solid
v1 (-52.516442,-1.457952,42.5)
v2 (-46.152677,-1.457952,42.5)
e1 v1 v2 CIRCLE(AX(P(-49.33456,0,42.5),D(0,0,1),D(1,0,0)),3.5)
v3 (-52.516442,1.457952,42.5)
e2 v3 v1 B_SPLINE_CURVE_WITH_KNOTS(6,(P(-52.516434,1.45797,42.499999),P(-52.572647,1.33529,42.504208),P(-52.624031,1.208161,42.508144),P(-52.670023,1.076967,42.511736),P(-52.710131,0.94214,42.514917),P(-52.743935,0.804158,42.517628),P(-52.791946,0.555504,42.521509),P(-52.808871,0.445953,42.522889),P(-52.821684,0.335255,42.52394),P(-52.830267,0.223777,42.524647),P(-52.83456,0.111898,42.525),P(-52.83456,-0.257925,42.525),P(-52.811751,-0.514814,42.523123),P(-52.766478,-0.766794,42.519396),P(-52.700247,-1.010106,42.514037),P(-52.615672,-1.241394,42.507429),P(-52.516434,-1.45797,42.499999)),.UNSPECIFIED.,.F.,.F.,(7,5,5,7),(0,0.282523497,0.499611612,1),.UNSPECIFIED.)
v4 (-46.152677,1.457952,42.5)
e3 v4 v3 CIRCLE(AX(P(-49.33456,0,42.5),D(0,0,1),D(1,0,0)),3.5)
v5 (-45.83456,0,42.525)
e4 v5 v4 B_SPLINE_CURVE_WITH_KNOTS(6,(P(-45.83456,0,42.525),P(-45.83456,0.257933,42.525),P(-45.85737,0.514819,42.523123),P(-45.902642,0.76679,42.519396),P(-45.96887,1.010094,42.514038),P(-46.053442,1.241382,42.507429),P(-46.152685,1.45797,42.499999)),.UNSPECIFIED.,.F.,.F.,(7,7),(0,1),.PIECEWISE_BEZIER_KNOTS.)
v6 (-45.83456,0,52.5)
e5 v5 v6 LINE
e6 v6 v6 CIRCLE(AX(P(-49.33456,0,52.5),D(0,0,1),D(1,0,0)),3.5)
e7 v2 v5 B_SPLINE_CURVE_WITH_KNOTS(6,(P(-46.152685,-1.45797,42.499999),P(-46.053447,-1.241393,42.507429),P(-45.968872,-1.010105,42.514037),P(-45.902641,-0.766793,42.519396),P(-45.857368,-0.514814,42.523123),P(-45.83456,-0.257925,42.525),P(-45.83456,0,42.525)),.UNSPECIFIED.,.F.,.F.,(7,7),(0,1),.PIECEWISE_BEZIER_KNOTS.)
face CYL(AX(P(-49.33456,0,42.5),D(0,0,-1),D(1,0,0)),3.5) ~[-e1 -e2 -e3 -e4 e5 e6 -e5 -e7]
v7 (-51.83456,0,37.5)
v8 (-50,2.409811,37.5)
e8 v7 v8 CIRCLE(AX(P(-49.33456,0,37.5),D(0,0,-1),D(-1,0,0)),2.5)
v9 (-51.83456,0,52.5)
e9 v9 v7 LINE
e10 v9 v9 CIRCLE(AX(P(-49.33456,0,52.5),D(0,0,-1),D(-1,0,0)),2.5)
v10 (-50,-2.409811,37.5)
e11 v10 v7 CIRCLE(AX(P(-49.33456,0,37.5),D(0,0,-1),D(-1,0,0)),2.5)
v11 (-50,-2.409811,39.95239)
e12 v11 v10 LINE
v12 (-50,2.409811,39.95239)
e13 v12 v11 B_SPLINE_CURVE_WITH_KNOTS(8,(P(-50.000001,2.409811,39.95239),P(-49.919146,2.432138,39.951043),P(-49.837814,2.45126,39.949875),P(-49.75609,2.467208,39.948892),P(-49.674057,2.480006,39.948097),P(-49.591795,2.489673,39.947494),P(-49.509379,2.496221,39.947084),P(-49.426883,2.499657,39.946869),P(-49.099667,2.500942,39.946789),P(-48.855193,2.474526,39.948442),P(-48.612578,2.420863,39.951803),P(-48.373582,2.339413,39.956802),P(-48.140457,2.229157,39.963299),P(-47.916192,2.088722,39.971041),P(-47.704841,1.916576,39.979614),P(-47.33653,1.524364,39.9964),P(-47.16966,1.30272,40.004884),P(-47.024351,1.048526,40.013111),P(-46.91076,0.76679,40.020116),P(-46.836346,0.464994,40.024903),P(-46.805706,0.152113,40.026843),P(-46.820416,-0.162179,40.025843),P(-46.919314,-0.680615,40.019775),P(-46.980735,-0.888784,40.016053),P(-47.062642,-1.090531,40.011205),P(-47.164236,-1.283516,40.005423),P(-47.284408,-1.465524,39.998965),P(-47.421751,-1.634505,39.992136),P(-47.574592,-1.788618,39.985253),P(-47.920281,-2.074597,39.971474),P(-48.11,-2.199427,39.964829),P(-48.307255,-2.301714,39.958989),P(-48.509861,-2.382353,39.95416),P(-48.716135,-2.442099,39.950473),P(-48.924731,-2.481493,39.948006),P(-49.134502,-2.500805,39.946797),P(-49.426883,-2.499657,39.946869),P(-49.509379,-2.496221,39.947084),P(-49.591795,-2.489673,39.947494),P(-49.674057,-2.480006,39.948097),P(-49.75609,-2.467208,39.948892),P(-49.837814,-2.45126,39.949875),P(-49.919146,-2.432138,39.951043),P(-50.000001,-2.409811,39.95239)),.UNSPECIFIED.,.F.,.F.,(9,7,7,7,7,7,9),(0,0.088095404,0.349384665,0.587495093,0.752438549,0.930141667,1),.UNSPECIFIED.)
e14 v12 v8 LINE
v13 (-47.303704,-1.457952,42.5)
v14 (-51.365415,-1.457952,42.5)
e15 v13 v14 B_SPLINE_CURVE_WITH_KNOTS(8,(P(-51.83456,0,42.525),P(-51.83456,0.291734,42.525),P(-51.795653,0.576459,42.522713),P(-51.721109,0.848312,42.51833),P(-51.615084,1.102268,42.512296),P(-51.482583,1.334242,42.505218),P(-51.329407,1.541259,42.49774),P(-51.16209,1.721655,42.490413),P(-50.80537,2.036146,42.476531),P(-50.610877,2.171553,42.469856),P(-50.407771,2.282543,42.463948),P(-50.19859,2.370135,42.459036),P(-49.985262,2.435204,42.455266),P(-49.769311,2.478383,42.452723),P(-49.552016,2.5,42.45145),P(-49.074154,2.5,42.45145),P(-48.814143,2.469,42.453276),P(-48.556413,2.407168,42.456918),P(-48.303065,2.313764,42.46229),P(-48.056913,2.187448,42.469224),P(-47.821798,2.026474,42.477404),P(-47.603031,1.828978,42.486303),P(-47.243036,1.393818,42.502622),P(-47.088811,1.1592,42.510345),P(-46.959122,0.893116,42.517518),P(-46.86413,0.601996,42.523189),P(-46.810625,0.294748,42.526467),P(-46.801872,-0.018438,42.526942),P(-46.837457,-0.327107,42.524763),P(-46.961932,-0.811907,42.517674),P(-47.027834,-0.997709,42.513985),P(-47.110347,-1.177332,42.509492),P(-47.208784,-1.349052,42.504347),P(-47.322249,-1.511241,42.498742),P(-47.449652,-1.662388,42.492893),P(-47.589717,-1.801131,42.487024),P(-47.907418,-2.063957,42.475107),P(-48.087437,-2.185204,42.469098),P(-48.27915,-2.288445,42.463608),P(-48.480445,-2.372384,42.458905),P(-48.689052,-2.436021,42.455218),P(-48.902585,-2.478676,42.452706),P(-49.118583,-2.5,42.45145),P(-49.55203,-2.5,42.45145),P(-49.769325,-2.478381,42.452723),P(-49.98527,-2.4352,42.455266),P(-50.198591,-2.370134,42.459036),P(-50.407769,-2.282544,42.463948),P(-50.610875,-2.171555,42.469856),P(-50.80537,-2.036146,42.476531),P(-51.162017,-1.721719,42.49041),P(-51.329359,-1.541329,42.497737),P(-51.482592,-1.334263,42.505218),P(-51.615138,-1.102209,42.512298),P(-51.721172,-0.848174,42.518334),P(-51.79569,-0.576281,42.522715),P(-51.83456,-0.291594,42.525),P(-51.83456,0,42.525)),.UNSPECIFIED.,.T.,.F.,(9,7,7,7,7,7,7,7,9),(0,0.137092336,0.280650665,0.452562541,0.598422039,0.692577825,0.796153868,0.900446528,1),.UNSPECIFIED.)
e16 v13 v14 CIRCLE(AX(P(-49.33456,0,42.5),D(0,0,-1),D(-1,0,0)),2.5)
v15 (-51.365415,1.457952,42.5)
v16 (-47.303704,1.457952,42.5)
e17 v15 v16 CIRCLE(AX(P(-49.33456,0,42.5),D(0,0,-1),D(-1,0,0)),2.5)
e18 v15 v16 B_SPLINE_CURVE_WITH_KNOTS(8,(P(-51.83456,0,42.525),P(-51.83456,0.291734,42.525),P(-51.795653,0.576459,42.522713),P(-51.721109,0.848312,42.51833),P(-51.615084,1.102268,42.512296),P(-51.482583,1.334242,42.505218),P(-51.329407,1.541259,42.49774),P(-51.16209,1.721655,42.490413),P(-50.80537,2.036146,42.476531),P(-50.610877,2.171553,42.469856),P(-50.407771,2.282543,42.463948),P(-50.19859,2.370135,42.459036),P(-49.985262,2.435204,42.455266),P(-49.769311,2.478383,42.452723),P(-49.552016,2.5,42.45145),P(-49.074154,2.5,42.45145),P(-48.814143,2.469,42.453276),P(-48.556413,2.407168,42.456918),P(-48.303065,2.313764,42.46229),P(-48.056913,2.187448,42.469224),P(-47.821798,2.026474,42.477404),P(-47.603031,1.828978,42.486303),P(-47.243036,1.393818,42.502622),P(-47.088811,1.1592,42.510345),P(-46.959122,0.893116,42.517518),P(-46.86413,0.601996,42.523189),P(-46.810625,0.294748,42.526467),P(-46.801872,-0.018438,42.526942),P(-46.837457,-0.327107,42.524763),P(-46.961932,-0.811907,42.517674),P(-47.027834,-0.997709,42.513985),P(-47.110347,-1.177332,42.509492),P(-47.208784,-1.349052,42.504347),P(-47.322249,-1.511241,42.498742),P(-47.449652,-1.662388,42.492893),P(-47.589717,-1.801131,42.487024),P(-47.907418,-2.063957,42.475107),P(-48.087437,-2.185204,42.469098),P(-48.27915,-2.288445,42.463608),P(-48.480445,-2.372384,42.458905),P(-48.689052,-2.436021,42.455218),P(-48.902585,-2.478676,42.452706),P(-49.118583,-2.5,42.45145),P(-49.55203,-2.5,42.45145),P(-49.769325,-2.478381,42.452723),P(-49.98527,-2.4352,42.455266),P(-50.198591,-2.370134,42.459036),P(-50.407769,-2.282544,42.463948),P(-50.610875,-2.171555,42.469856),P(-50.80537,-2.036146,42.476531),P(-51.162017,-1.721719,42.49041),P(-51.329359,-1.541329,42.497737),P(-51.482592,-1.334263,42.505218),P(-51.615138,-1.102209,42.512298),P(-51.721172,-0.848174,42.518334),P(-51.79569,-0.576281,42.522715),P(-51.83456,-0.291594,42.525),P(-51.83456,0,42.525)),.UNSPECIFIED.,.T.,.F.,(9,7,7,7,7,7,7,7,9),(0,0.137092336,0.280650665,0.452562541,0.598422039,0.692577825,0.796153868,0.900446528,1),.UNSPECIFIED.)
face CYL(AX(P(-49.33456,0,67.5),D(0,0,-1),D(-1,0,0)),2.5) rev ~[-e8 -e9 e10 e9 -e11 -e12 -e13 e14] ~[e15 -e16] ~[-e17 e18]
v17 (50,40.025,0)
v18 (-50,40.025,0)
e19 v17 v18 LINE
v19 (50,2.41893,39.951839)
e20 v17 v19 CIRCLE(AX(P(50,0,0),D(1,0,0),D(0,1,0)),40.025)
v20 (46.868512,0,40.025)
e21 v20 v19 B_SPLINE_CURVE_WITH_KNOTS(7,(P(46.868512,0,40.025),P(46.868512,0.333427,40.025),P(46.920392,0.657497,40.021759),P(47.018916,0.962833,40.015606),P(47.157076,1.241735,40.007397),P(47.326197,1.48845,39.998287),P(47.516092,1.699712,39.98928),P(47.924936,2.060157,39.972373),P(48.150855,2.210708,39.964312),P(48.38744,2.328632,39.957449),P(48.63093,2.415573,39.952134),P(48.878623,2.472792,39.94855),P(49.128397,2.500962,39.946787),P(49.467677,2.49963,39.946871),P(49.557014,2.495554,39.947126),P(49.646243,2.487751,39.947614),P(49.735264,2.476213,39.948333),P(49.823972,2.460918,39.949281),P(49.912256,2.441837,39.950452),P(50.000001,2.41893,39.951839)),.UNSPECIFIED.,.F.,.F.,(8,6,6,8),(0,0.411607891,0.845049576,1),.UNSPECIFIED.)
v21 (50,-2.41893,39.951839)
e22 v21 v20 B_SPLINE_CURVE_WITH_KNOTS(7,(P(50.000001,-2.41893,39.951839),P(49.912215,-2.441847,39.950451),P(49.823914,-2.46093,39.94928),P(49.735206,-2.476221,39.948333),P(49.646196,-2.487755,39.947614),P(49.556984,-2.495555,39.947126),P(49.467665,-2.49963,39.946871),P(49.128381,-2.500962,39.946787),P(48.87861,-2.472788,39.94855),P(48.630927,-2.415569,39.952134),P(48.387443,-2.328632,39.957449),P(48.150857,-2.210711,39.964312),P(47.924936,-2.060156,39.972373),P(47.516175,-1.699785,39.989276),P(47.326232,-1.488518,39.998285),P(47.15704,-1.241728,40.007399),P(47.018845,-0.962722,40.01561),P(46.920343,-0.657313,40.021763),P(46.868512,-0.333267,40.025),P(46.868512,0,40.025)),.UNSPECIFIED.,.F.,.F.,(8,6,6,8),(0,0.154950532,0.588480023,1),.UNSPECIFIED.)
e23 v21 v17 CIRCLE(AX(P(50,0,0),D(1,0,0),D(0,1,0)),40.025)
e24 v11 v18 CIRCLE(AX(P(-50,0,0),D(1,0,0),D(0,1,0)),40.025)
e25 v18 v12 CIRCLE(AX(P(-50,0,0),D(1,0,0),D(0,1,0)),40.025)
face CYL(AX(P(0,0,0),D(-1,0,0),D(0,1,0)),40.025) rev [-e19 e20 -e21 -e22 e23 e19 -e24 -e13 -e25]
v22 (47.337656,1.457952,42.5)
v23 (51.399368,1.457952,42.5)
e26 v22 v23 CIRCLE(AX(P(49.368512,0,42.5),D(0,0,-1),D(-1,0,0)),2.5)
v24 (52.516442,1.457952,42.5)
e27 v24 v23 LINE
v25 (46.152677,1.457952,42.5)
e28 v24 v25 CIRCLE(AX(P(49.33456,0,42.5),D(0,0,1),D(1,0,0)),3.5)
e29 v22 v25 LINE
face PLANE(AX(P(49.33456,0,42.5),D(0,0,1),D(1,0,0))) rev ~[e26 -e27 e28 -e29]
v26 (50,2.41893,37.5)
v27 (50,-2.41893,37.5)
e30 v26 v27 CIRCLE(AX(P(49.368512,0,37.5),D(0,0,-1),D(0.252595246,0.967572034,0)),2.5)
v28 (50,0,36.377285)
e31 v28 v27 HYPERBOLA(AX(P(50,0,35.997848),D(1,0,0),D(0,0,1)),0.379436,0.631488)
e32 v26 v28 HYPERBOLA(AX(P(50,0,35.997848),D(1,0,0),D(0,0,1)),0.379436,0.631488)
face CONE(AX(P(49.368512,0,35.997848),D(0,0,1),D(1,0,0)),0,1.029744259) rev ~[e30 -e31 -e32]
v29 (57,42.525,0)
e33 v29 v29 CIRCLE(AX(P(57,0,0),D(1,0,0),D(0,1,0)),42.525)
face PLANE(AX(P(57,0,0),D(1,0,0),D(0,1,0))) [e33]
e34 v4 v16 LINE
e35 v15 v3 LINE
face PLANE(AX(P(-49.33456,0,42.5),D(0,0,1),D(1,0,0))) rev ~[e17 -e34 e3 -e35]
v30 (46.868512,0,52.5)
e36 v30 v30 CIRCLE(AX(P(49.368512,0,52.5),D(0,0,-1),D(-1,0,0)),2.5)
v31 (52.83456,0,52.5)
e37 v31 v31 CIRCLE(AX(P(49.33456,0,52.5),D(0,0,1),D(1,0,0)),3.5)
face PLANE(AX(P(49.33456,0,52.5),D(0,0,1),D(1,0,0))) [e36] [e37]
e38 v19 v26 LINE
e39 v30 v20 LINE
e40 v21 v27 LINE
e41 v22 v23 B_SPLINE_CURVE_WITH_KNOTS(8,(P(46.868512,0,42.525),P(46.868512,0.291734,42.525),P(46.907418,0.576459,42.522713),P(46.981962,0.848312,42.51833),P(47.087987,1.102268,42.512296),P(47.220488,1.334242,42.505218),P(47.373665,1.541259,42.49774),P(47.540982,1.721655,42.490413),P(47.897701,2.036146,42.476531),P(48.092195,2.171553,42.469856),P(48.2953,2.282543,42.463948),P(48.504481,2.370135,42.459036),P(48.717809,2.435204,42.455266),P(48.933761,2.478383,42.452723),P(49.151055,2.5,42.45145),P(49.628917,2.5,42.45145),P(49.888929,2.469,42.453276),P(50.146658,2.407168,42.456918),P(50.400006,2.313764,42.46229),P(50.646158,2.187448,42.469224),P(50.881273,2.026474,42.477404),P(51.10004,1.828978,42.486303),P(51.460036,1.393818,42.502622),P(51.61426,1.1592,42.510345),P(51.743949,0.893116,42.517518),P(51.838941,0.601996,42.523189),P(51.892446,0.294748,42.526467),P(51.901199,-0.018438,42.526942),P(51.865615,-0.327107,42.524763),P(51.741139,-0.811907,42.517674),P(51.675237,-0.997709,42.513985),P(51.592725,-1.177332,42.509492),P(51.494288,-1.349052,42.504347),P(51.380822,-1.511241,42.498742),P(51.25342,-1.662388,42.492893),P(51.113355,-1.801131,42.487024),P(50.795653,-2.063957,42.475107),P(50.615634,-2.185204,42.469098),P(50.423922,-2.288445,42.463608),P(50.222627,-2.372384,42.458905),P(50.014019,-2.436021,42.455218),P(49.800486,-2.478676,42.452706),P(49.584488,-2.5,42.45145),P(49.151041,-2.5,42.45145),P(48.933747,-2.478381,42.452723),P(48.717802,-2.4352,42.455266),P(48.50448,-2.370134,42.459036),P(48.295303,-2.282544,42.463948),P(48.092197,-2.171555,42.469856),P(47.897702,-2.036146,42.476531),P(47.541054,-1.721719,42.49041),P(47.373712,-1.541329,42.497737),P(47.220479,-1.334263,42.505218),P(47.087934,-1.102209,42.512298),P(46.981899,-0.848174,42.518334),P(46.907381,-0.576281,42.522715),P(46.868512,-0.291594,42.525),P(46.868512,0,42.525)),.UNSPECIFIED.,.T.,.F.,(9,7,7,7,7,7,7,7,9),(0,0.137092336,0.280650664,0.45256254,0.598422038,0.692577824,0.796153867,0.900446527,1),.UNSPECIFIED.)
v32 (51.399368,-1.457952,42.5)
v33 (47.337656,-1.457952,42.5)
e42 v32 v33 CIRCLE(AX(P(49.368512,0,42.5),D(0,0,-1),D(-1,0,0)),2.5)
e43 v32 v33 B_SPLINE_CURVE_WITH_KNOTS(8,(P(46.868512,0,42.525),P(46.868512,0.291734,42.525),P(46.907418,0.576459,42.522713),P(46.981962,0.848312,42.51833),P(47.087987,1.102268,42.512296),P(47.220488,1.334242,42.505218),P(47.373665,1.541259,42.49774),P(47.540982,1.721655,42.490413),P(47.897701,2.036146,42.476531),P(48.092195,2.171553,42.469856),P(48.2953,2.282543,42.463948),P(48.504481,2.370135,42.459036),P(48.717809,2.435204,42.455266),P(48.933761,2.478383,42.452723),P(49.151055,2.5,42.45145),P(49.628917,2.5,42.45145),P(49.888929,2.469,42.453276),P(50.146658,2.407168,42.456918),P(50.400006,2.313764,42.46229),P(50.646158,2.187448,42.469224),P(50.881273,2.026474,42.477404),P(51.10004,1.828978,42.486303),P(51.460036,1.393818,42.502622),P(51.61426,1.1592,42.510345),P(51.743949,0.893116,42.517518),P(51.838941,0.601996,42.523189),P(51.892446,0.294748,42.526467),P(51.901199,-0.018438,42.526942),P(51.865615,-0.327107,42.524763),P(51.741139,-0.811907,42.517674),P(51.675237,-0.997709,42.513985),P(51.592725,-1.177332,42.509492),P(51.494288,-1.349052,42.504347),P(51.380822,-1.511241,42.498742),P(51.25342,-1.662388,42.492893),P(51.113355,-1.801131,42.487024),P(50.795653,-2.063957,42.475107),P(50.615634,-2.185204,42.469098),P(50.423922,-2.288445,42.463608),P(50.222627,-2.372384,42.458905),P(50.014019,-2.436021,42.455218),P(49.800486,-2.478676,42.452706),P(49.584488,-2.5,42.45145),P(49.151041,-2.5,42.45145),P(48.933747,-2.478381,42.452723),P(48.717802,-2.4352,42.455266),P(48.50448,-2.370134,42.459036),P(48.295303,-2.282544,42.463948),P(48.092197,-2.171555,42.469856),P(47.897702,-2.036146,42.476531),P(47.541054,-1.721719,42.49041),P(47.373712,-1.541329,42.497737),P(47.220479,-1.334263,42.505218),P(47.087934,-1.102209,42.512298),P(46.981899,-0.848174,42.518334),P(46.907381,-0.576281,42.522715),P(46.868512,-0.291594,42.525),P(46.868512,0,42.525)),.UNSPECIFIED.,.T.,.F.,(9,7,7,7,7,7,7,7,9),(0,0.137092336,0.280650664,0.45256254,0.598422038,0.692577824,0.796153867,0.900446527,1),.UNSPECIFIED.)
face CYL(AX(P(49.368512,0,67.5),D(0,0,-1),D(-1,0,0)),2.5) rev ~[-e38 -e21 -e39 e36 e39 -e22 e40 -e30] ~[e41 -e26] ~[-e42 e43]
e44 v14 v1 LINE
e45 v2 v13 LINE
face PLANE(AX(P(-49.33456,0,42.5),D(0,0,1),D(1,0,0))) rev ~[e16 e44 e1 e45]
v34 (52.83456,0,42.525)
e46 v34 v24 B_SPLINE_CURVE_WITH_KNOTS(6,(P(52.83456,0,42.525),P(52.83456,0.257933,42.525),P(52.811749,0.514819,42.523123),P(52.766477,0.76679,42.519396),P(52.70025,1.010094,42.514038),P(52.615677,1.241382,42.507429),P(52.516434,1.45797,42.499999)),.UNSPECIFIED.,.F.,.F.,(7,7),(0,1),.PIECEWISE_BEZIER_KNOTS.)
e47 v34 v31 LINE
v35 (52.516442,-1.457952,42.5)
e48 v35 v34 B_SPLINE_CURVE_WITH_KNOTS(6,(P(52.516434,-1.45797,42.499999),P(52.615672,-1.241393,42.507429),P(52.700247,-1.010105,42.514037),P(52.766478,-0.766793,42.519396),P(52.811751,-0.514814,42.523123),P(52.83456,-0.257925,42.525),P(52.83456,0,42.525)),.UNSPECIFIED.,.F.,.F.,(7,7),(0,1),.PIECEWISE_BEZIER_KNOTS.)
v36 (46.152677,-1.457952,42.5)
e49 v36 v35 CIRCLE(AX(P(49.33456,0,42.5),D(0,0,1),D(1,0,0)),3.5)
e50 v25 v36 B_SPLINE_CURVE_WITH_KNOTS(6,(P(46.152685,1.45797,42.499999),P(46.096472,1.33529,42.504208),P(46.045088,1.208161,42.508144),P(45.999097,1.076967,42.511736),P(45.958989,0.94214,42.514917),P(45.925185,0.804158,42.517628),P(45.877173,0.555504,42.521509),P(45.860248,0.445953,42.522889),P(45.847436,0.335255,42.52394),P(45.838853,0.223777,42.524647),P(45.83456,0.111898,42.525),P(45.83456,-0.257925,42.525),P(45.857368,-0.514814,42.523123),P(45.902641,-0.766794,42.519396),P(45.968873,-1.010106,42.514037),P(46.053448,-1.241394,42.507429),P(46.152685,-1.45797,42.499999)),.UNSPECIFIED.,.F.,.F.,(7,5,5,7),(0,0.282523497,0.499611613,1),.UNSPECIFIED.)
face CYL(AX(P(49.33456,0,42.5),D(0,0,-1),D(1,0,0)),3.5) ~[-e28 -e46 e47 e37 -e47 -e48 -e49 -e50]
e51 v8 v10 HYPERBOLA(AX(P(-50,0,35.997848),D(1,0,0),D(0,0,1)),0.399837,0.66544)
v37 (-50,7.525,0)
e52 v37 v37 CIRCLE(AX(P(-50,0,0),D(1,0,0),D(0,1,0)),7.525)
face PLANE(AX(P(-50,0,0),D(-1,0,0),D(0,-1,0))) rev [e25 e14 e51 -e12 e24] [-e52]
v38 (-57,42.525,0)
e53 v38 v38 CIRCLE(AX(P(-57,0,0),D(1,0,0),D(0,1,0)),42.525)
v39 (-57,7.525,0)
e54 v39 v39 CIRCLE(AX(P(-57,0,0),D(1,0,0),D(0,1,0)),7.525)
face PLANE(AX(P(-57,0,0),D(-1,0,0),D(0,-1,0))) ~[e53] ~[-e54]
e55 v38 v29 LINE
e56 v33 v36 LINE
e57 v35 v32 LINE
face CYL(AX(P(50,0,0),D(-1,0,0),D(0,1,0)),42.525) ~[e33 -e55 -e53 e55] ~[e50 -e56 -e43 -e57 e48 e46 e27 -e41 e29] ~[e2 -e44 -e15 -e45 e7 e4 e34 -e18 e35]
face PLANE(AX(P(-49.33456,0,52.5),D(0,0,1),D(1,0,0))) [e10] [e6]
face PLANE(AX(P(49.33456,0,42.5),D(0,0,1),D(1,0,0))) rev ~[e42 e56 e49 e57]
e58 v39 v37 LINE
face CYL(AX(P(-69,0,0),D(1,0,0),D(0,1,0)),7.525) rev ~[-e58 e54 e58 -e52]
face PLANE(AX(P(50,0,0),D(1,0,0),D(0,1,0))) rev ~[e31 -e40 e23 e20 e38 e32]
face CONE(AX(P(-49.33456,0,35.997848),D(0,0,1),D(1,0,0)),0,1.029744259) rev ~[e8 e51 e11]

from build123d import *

# Parameters (mm, degrees)
F0_R      = 42.525
F0_R_2    = 40.025
F1_DEPTH  = 50
F2_R      = 42.525
F3_DEPTH  = 7
F6_D      = 15.05
F6_DEPTH  = 12
F6_TIP    = 4.5214761582
F8_R      = 3.5
F9_DEPTH  = 10
F11_D     = 5
F11_DEPTH = 15
F11_TIP   = 1.5021515476


with BuildPart() as f1:
    # F0 (on Right) → F1 (new body, symmetric)
    with BuildSketch(Plane.YZ):
        Circle(F0_R)
        Circle(F0_R_2, mode=Mode.SUBTRACT)
    extrude(amount=F1_DEPTH, both=True)

    # F4: F3 across plane


with BuildPart() as f3:
    # F2 (on face) → F3 (new body)
    with BuildSketch(Plane.YZ.offset(50)):
        Circle(F2_R)
    extrude(amount=F3_DEPTH)


with BuildPart() as f1_1:
    add(f1.part)
    add(f3.part.mirror(Plane.YZ))

    # F6
    with Locations(Plane(origin=(-57, 0, 0), x_dir=(0, -1, 0), z_dir=(-1, 0, 0))):
        with Locations((0, 0)):
            Hole(F6_D / 2, depth=F6_DEPTH)
            with Locations((0, 0, -(F6_DEPTH + F6_TIP / 2))):  # 118° drill point
                Cone(0, F6_D / 2, F6_TIP, mode=Mode.SUBTRACT)


    add(f3.part)  # F9 merges F3
    # F8 (on offset) → F9 (join)
    with BuildSketch(Plane.XY.offset(42.5)):
        with Locations((-49.3345595896, 0)):
            Circle(F8_R)
        with Locations((49.3345595896, 0)):
            Circle(F8_R)
    extrude(amount=F9_DEPTH)

    # F11
    with Locations(Plane.XY.offset(52.5)):
        with Locations((-49.3345595896, 0), (49.3685118854, 0)):
            Hole(F11_D / 2, depth=F11_DEPTH)
            with Locations((0, 0, -(F11_DEPTH + F11_TIP / 2))):  # 118° drill point
                Cone(0, F11_D / 2, F11_TIP, mode=Mode.SUBTRACT)


solid = f1_1.part
